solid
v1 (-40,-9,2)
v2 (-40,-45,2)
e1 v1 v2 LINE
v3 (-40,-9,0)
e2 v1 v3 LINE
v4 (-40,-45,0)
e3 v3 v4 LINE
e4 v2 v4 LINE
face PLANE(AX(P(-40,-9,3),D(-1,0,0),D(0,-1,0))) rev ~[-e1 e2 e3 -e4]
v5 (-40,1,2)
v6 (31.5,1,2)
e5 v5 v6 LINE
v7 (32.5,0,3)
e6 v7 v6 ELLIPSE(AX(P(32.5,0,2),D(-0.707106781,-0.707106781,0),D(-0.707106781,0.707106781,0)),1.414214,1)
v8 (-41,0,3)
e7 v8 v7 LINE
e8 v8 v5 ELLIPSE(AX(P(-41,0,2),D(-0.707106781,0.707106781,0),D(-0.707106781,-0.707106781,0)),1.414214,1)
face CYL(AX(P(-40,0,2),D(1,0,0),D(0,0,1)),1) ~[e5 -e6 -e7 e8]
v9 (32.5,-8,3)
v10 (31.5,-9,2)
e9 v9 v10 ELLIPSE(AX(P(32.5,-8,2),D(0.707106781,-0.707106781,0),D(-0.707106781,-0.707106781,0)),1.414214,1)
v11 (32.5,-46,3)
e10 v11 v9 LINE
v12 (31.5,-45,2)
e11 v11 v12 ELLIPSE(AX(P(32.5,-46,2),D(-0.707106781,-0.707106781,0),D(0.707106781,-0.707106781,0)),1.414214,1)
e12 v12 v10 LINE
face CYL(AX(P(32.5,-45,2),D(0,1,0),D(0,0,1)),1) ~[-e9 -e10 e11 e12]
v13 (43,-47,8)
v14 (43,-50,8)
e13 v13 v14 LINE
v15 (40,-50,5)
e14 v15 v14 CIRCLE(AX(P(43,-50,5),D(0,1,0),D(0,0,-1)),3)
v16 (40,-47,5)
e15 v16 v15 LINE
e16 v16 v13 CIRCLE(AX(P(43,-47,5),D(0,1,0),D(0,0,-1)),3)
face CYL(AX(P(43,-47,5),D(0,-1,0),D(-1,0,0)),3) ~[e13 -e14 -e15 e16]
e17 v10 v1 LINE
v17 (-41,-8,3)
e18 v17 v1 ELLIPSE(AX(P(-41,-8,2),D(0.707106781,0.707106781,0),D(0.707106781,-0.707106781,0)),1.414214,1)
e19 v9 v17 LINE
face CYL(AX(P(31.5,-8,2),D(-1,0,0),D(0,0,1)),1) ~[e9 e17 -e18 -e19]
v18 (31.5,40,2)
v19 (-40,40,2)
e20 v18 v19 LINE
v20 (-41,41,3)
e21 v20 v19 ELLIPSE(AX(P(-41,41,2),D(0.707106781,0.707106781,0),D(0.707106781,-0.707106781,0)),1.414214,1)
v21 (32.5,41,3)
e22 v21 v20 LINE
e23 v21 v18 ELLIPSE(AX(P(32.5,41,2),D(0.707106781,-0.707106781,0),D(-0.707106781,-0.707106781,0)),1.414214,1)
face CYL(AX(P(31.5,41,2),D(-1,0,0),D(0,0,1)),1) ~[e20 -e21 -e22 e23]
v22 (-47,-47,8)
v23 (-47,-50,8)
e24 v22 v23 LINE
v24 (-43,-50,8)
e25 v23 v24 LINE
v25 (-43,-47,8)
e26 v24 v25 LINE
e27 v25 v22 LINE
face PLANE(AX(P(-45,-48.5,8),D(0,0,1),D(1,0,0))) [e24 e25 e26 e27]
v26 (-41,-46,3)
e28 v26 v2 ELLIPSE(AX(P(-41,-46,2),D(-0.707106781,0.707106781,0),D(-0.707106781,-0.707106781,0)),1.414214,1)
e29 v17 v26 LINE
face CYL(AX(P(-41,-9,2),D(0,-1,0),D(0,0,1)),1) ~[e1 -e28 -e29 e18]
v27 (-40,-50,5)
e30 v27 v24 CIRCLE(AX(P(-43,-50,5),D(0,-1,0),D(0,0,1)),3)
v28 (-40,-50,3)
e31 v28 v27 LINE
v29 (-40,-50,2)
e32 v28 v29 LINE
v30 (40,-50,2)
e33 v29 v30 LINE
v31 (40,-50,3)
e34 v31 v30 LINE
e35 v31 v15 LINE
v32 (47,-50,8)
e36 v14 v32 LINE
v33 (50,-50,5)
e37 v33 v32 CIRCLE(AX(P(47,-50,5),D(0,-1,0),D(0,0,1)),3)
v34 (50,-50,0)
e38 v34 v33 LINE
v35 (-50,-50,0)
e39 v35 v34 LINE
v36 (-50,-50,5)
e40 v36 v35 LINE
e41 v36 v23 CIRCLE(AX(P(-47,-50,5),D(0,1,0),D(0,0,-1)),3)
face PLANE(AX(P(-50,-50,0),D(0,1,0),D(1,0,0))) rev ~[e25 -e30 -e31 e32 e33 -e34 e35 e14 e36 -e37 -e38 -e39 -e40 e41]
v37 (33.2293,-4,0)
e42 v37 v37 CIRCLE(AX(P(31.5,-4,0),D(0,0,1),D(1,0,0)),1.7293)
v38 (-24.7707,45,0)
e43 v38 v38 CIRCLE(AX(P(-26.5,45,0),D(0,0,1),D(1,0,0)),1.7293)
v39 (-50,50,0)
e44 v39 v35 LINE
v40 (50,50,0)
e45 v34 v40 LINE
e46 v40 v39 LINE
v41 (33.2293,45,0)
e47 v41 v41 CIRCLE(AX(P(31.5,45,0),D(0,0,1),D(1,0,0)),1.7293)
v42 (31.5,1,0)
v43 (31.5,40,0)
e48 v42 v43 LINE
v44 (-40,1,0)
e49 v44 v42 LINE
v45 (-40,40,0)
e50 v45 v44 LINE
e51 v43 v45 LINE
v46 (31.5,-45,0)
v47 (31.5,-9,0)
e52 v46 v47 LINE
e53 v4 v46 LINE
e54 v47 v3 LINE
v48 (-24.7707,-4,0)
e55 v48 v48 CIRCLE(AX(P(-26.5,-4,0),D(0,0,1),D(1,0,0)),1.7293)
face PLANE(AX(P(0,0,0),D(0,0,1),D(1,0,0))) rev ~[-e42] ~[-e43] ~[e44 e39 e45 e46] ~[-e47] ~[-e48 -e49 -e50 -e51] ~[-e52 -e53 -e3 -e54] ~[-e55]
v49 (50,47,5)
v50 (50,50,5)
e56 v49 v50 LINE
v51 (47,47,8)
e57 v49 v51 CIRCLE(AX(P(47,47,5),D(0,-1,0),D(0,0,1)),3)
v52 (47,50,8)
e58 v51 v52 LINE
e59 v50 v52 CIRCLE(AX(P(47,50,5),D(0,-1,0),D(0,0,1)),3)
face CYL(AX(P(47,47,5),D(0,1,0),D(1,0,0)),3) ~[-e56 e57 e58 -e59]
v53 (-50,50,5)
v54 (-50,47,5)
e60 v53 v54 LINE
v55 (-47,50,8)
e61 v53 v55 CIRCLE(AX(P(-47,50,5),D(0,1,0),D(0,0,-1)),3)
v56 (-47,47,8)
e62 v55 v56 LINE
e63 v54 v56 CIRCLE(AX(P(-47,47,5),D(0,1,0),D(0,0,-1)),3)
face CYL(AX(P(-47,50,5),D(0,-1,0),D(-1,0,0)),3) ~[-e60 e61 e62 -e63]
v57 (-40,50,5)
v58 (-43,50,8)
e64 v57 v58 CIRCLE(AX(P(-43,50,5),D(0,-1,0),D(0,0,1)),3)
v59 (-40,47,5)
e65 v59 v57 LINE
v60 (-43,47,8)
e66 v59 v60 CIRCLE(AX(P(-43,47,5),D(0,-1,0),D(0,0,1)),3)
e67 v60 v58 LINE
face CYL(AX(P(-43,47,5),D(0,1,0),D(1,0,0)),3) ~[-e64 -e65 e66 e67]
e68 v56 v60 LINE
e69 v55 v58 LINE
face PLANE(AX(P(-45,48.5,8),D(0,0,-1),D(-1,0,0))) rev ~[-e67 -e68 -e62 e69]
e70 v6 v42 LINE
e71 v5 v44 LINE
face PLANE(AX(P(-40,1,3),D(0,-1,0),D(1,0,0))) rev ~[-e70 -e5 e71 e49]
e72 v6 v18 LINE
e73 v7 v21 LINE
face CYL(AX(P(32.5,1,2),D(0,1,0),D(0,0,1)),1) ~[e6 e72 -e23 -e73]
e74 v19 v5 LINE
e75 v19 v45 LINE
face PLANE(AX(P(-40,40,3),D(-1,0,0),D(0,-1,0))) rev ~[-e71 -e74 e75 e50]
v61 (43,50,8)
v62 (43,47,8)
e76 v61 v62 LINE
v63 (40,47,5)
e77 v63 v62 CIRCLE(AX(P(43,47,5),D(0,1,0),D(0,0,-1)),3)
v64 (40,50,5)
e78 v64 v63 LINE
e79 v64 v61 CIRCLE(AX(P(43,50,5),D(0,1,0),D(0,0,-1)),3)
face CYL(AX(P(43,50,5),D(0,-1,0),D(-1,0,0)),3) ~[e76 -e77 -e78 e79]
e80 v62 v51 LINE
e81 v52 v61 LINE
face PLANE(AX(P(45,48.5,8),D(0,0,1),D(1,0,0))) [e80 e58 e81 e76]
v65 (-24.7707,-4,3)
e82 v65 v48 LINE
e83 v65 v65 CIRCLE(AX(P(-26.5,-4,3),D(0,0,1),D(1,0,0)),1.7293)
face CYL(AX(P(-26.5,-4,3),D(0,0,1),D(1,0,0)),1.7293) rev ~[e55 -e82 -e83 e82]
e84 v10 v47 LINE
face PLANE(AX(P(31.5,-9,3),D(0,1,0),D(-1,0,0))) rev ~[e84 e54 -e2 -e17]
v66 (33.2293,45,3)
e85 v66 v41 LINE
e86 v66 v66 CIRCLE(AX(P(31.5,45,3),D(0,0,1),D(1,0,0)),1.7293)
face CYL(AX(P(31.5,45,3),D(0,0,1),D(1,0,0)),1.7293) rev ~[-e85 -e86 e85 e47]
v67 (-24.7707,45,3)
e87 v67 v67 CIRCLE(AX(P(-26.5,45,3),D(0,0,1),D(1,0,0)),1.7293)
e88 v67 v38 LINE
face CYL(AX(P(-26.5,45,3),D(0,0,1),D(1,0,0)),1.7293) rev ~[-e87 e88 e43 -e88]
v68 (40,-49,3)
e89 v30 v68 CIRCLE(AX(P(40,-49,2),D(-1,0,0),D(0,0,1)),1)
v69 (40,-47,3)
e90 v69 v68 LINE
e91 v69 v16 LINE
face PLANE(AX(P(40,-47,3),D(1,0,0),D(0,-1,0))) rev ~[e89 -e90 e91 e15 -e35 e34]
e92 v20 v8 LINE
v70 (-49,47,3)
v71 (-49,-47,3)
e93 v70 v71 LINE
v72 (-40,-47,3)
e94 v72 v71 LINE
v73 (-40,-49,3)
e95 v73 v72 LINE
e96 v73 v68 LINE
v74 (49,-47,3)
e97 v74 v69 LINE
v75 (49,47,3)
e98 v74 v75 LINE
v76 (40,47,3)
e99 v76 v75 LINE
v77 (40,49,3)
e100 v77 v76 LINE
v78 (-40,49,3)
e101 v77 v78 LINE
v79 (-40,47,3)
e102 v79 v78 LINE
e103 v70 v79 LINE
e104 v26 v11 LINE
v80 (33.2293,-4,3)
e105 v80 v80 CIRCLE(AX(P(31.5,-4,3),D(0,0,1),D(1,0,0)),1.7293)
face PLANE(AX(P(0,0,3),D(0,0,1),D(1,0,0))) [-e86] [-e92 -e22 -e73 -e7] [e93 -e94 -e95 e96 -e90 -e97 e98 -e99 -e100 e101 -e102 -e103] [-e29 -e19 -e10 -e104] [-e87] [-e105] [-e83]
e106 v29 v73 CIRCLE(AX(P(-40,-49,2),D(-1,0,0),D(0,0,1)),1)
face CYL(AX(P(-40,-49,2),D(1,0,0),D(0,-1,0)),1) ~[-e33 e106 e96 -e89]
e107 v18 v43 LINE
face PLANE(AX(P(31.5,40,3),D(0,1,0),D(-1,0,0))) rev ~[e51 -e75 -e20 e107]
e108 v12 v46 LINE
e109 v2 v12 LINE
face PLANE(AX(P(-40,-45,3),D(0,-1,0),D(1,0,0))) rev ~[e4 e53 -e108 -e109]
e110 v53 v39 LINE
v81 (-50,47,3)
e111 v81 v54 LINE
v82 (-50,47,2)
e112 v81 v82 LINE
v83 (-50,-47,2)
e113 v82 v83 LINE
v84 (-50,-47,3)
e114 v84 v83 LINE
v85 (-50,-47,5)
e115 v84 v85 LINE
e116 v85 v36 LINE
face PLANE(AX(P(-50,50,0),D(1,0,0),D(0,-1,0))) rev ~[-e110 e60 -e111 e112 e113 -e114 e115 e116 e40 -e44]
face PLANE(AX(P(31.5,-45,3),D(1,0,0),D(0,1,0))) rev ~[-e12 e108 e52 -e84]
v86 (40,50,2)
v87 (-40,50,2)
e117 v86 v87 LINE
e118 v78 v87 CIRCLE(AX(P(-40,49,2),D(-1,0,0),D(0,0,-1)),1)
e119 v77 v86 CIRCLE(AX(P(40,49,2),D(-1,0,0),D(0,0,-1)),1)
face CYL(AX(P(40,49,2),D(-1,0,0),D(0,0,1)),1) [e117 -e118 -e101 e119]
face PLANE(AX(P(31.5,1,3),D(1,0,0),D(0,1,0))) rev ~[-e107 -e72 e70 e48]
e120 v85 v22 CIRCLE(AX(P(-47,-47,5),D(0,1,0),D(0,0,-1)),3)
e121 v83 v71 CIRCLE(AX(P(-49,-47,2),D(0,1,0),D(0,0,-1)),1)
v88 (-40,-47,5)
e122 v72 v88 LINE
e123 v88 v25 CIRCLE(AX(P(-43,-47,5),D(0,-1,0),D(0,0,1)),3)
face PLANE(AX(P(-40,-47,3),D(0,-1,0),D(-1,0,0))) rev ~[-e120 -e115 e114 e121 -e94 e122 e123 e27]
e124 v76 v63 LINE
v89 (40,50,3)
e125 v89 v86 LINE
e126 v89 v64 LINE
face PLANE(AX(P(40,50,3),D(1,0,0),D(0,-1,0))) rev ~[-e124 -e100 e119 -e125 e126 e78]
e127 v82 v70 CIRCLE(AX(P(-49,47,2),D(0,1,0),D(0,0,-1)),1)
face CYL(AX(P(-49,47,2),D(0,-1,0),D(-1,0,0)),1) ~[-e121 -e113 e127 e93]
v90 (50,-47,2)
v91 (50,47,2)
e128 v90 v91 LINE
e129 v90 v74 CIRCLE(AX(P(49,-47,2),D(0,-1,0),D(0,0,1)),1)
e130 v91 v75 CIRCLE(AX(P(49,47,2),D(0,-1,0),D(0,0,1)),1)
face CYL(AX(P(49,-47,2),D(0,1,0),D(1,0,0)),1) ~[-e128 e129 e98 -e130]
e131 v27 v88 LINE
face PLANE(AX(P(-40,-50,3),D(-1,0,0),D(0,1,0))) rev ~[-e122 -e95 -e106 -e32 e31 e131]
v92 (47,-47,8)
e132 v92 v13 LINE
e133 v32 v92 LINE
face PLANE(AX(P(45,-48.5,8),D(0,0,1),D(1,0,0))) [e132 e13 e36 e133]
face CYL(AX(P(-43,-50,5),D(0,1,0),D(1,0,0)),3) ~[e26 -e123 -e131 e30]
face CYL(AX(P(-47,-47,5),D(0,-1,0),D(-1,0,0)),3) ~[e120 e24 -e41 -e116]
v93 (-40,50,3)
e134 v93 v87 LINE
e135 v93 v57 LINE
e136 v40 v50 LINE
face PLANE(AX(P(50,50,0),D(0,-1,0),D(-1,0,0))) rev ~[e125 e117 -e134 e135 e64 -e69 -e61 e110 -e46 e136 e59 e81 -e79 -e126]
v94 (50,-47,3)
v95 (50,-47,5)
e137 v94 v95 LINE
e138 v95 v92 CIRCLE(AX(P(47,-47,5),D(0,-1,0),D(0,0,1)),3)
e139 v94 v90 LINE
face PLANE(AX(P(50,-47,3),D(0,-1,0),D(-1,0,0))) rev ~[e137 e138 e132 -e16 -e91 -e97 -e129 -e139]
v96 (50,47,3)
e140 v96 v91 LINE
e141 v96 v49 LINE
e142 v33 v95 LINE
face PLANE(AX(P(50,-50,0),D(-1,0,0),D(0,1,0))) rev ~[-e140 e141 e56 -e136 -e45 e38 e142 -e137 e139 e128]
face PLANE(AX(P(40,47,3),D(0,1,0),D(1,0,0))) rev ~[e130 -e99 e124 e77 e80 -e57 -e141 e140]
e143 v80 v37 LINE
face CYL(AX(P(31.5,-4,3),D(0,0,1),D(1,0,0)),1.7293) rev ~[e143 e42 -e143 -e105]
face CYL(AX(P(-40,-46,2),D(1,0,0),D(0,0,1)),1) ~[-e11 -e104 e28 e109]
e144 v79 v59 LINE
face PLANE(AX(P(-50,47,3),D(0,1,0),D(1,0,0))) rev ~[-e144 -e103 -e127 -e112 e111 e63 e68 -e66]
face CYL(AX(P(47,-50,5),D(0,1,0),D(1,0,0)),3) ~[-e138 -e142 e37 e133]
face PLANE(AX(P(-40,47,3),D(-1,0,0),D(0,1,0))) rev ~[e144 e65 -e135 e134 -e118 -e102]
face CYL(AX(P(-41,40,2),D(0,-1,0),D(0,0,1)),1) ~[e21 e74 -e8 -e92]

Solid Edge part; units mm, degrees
sketch "Sketch1" plane through (0, 0, 0) normal (0, 0, 1) x (1, 0, 0)
  line L0 (-50, -50) -> (50, -50)
  line L1 (50, -50) -> (50, 50)
  line L2 (50, 50) -> (-50, 50)
  line L3 (-50, 50) -> (-50, -50)
extrude "Protrusion1" add sketch "Sketch1" along normal blind 3
sketch "Sketch2" plane through (0, 0, 3) normal (0, 0, 1) x (1, 0, 0)
  circle A0 centre (31.5, 45) radius 1.7293
  circle A1 centre (31.5, -4) radius 1.7293
  circle A2 centre (-26.5, -4) radius 1.7293
  line L0 (-40, 1) -> (31.5, 1)
  line L1 (31.5, 1) -> (31.5, 40)
  line L2 (31.5, 40) -> (-40, 40)
  line L3 (-40, 40) -> (-40, 1)
  circle A3 centre (-26.5, 45) radius 1.7293
  line L4 (-40, -45) -> (31.5, -45)
  line L5 (31.5, -45) -> (31.5, -9)
  line L6 (31.5, -9) -> (-40, -9)
  line L7 (-40, -9) -> (-40, -45)
  dimension "D1" = 5
  dimension "D2" = 58
  dimension "D3" = 49
  dimension "D4" = 81.5
  dimension "D5" = 5
  dimension "D6" = 5
  dimension "D7" = 81.5
  dimension "D8" = 10
  dimension "D9" = 10
  dimension "D10" = 81.5
  dimension "D11" = 5
  dimension "D12" = 5
extrude "ExtrudedCutout_1" cut sketch "Sketch2" against normal blind 3
sketch "Sketch3" plane through (0, 0, 3) normal (0, 0, 1) x (0, 1, 0)
  line L0 (50, 50) -> (50, 40)
  line L1 (47, 40) -> (50, 40)
  line L2 (47, 50) -> (47, 40)
  line L3 (50, 50) -> (47, 50)
  line L4 (50, -40) -> (47, -40)
  line L5 (47, -40) -> (47, -50)
  line L6 (47, -50) -> (50, -50)
  line L7 (50, -50) -> (50, -40)
  line L8 (-50, -50) -> (-47, -50)
  line L9 (-47, -50) -> (-47, -40)
  line L10 (-47, -40) -> (-50, -40)
  line L11 (-50, -40) -> (-50, -50)
  line L12 (-50, 40) -> (-47, 40)
  line L13 (-47, 40) -> (-47, 50)
  line L14 (-47, 50) -> (-50, 50)
  line L15 (-50, 50) -> (-50, 40)
extrude "ExtrudedProtrusion_2" add sketch "Sketch3" along normal blind 5
fillet "Round_1" radius 3 8 edges at (-40, 48.5, 8) (-50, 48.5, 8) (50, 48.5, 8) (40, 48.5, 8) (50, -48.5, 8) (40, -48.5, 8) (-40, -48.5, 8) (-50, -48.5, 8)
fillet "Round_2" radius 1 12 edges at (-40, 20.5, 3) (-4.25, 40, 3) (31.5, 20.5, 3) (-4.25, 1, 3) (-40, -27, 3) (-4.25, -9, 3) (50, 0, 3) (0, -50, 3) (-4.25, -45, 3) (31.5, -27, 3) (0, 50, 3) (-50, 0, 3)
